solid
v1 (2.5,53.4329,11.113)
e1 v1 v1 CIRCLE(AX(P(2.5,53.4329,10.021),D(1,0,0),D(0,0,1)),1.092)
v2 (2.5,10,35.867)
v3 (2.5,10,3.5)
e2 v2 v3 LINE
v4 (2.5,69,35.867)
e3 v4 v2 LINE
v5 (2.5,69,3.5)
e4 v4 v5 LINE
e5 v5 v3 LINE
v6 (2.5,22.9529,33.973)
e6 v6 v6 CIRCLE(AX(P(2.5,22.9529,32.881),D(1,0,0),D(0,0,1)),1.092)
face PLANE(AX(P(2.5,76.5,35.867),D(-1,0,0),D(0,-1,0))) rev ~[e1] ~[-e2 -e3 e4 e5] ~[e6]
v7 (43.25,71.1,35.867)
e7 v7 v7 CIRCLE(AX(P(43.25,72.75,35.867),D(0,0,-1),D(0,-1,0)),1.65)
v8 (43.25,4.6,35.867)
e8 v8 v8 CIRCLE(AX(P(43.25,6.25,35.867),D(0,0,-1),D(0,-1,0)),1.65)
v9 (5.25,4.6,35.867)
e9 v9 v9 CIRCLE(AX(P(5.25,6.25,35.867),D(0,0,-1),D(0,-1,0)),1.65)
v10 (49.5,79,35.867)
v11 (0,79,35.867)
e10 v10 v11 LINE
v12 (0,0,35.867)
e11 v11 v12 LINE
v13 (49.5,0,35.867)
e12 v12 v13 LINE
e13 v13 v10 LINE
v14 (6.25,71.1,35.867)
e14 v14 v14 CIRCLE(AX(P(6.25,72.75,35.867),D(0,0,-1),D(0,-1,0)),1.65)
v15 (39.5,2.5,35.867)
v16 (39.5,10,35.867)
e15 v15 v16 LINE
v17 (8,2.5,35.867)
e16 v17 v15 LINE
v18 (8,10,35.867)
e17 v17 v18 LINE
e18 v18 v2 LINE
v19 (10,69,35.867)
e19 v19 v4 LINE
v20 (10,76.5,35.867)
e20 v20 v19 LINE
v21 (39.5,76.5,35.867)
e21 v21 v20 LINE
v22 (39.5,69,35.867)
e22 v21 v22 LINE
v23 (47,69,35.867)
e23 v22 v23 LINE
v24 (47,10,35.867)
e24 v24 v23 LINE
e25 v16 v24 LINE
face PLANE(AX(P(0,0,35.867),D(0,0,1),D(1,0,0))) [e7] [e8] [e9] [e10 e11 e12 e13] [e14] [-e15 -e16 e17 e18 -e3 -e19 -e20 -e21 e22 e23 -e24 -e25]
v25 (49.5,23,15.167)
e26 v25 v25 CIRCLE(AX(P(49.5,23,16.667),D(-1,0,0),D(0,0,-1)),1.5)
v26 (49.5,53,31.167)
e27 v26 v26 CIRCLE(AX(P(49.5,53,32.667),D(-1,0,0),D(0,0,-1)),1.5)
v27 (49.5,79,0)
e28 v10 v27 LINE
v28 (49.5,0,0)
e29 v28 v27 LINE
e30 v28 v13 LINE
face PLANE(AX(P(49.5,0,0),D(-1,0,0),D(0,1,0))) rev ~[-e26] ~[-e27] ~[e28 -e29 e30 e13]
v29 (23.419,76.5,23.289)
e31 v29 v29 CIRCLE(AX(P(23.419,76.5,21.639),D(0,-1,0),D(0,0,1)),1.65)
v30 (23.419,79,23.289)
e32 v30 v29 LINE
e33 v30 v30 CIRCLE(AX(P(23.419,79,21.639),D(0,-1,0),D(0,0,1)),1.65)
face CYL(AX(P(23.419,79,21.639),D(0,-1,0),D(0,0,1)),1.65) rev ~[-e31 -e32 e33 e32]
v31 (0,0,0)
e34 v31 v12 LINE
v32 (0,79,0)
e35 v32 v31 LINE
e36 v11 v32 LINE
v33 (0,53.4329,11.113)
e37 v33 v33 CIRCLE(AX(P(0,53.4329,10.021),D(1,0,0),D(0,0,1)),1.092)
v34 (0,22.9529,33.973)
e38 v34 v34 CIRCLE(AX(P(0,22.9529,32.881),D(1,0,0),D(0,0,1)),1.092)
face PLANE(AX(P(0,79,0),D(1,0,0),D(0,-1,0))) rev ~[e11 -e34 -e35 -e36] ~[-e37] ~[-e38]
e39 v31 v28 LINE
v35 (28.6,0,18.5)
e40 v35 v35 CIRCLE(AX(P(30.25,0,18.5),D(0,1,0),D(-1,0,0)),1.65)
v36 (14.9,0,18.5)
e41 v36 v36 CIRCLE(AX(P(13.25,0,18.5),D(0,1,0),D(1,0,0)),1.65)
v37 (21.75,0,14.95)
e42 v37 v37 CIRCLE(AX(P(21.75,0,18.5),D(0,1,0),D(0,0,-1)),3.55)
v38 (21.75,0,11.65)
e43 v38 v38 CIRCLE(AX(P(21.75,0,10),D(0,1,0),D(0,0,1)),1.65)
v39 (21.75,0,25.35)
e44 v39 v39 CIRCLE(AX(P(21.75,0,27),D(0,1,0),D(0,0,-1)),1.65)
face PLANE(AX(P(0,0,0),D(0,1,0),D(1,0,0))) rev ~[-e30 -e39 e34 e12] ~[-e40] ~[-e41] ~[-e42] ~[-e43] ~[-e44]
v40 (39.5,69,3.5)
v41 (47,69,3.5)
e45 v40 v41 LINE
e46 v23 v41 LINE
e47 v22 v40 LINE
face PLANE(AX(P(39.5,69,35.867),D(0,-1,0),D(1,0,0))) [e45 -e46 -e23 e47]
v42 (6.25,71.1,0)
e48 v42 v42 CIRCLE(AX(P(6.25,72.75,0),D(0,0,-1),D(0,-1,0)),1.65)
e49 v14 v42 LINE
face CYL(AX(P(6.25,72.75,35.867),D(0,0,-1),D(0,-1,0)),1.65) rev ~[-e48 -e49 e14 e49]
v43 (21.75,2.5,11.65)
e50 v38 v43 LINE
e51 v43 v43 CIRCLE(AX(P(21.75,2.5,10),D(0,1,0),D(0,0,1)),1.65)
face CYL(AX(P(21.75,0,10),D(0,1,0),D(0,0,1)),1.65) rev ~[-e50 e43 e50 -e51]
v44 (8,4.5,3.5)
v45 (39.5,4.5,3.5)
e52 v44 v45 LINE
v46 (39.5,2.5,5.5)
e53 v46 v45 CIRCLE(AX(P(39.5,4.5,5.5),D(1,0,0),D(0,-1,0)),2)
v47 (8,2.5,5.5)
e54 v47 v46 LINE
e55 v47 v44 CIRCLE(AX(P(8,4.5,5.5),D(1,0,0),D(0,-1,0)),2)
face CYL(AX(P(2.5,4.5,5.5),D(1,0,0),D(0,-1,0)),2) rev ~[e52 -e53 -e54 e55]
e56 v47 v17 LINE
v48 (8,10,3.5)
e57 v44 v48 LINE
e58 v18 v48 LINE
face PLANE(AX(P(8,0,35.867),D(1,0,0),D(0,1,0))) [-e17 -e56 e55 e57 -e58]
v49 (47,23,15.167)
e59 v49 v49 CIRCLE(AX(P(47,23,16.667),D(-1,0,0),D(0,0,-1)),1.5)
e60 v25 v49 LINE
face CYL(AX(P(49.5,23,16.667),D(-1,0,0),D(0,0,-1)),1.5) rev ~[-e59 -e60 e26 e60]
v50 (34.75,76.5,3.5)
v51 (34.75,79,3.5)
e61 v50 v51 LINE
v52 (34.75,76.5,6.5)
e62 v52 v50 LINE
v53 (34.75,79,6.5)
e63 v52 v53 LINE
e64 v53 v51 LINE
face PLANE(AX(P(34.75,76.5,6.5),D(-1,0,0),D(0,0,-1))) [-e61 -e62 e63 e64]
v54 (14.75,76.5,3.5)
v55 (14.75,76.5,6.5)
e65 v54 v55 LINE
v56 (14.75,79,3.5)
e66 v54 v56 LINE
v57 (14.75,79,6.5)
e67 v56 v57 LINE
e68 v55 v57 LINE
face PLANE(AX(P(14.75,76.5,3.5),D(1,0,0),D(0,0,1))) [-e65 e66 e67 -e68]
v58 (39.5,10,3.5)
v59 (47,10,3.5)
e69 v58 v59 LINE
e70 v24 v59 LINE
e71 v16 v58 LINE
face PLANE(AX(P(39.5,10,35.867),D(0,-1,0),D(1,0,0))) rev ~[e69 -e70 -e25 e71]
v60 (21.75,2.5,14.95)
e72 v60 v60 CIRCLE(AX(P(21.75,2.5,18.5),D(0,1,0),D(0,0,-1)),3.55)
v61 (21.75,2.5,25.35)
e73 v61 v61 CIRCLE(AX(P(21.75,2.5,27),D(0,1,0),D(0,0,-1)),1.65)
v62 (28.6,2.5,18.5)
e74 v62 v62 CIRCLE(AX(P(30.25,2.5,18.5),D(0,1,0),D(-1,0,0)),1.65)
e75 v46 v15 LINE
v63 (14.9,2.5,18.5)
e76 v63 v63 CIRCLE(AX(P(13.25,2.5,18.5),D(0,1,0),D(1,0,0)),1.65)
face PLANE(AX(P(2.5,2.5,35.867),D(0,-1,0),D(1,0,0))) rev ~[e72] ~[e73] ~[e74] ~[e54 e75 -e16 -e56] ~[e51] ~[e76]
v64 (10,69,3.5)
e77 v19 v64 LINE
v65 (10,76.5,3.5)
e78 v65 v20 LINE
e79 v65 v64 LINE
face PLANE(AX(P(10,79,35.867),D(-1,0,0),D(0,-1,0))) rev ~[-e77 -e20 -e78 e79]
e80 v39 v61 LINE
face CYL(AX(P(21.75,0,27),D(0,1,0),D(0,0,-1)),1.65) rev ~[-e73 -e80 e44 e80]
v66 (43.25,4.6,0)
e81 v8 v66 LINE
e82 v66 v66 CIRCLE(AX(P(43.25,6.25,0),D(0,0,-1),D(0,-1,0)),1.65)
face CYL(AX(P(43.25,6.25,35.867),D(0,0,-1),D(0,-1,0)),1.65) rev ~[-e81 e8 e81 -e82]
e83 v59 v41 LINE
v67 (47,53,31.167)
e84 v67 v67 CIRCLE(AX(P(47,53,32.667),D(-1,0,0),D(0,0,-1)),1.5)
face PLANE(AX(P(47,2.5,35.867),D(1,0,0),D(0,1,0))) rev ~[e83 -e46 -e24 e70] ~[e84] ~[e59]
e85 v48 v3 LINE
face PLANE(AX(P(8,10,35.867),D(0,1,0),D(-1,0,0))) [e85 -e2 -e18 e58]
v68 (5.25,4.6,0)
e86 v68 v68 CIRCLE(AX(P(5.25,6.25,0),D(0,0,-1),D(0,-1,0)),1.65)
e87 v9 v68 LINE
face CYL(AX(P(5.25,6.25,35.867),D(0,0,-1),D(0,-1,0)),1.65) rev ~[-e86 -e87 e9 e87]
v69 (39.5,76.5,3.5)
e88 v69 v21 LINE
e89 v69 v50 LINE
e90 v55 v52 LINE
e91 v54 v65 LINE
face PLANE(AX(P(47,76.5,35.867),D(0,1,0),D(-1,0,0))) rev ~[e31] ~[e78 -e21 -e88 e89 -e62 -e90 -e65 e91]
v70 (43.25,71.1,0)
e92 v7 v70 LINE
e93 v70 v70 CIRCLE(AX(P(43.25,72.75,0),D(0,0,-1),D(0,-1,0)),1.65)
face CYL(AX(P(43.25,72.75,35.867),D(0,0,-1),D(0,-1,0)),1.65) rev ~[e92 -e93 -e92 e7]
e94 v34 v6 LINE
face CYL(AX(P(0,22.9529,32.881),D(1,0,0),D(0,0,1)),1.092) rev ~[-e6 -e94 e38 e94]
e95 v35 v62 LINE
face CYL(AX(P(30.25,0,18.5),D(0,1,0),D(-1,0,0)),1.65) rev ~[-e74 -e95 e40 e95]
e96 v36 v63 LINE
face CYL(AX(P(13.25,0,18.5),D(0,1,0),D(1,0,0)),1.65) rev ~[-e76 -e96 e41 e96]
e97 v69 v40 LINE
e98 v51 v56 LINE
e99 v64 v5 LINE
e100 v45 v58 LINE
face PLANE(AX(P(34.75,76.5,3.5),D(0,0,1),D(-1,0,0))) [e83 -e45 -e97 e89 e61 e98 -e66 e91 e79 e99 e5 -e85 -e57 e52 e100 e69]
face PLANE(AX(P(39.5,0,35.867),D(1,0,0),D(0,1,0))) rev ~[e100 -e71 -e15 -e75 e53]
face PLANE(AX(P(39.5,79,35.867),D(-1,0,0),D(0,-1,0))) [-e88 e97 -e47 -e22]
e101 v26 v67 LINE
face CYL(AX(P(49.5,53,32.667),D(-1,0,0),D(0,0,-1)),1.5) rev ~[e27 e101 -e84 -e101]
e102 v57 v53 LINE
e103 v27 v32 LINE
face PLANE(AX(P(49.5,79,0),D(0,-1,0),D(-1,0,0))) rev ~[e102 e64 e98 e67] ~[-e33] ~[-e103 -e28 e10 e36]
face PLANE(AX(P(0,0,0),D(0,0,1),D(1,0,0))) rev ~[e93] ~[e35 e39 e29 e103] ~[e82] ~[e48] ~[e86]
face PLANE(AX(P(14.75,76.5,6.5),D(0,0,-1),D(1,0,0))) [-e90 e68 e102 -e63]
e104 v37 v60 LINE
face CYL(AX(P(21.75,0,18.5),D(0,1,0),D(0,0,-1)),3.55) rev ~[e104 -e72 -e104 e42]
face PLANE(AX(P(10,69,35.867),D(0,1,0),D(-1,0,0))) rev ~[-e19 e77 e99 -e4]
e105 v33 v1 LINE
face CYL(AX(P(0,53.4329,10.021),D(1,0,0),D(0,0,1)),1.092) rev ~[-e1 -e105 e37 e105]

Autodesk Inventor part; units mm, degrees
ref_plane "YZ Plane" through (0, 0, 0) normal (1, 0, 0) x (0, 1, 0)
ref_plane "XZ Plane" through (0, 0, 0) normal (0, 1, 0) x (-1, 0, 0)
ref_plane "XY Plane" through (0, 0, 0) normal (0, 0, 1) x (1, 0, 0)
sketch "Sketch1" plane through (0, 0, 0) normal (0, 0, 1) x (1, 0, 0)
  line L0 (0, 0) -> (49.5, 0)
  line L1 (49.5, 0) -> (49.5, 79)
  line L2 (49.5, 79) -> (0, 79)
  line L3 (0, 79) -> (0, 0)
  dimension "d0" = 49.5
  dimension "d1" = 79
extrude "Extrusion1" add sketch "Sketch1" along normal blind 35.867
sketch "Sketch2" plane through (0, 0, 35.867) normal (0, 0, 1) x (1, 0, 0)
  line L0 (0, 79) -> (0, 0) construction
  line L1 (49.5, 79) -> (0, 79) construction
  line L2 (49.5, 0) -> (49.5, 79) construction
  line L3 (0, 0) -> (49.5, 0) construction
  line L4 (2.5, 2.5) -> (47, 2.5)
  line L5 (47, 2.5) -> (47, 76.5)
  line L6 (47, 76.5) -> (2.5, 76.5)
  line L7 (2.5, 76.5) -> (2.5, 2.5)
  dimension "d4" = 2.5
  dimension "d5" = 2.5
  dimension "d6" = 2.5
  dimension "d7" = 2.5
extrude "Extrusion2" cut sketch "Sketch2" against normal blind 32.367
sketch "Sketch3" plane through (0, 0, 0) normal (0, -1, 0) x (1, 0, 0)
  line L0 (0, 0) -> (49.5, 0) construction
  line L1 (49.5, 0) -> (49.5, 35.867) construction
  line L2 (0, 35.867) -> (49.5, 35.867) construction
  line L3 (0, 0) -> (0, 35.867) construction
  point P0 (21.75, 18.5)
  point P1 (24.75, 35.867)
  dimension "d12" = 17.367
  dimension "d31" = 21.75
hole "Hole1" at (21.75, 0, 18.5) direction (0, 1, 0) diameter 7.1 depth 2.5
sketch "Sketch4" plane through (0, 0, 0) normal (0, -1, 0) x (1, 0, 0)
  circle A0 centre (21.75, 18.5) radius 3.55 construction
  line L0 (0, 0) -> (49.5, 0) construction
  line L1 (49.5, 0) -> (49.5, 35.867) construction
  line L2 (0, 35.867) -> (49.5, 35.867) construction
  line L3 (0, 0) -> (0, 35.867) construction
  point P0 (21.75, 27)
  dimension "d20" = 8.5
hole "Hole2" at (21.75, 0, 27) direction (0, 1, 0) diameter 3.3 depth 2.5
pattern_circular "Circular Pattern1" count 4 over 360 about axis through (21.75, 99.8884, 18.5) along (0, -1, 0) of "Hole2"
sketch "Sketch5" plane through (0, 0, 0) normal (-1, 0, 0) x (0, 0, 1)
  line L0 (35.867, 79) -> (35.867, 0) projected
  line L1 (0, 0) -> (35.867, 0) projected
  point P0 (32.881, 22.9529)
  point P1 (10.021, 53.4329)
  dimension "d32" = 2.986
  dimension "d33" = 30.48
  dimension "d34" = 22.86
  dimension "d35" = 22.9529
hole "Hole3" at (0, 22.9529, 32.881) at (0, 53.4329, 10.021) direction (1, 0, 0) diameter 2.184 depth 2.5
fillet "Fillet3" radius 2 3 edges at (24.75, 2.5, 3.5) (47, 2.5, 19.6835) (2.5, 2.5, 19.6835)
sketch "Sketch6" plane through (49.5, 0, 0) normal (1, 0, 0) x (0, 0, -1)
  line L0 (-35.867, 0) -> (-35.867, 79) projected
  line L1 (0, 79) -> (-35.867, 79) projected
  point P0 (0, 0)
  point P1 (-16.667, 23)
  point P2 (-32.667, 53)
  dimension "d44" = 30
  dimension "d47" = 26
  dimension "d55" = 3.2
  dimension "d56" = 16
hole "Hole4" at (49.5, 23, 16.667) at (49.5, 53, 32.667) direction (-1, 0, 0) diameter 3 depth 2.5
sketch "Sketch7" plane through (0, 0, 35.867) normal (0, 0, 1) x (1, 0, 0)
  line L0 (49.5, 0) -> (39.5, 0)
  line L1 (39.5, 0) -> (39.5, 10)
  line L2 (39.5, 10) -> (49.5, 10)
  line L3 (49.5, 10) -> (49.5, 0)
  line L4 (0, 0) -> (8, 0)
  line L5 (8, 0) -> (8, 10)
  line L6 (8, 10) -> (0, 10)
  line L7 (0, 10) -> (0, 0)
  line L8 (0, 79) -> (10, 79)
  line L9 (10, 79) -> (10, 69)
  line L10 (10, 69) -> (0, 69)
  line L11 (0, 69) -> (0, 79)
  line L12 (49.5, 79) -> (39.5, 79)
  line L13 (39.5, 79) -> (39.5, 69)
  line L14 (39.5, 69) -> (49.5, 69)
  line L15 (49.5, 69) -> (49.5, 79)
  line L16 (49.5, 79) -> (0, 79) projected
  line L17 (49.5, 0) -> (49.5, 79) projected
  point P0 (4, 0)
  point P1 (44.5, 0)
  point P2 (5, 79)
  point P3 (44.5, 79)
  point P4 (49.5, 74)
  point P5 (49.5, 5)
  point P6 (0, 74)
  point P7 (0, 5)
  point P8 (24.75, 79)
  point P9 (49.5, 39.5)
  dimension "d57" = 10
  dimension "d58" = 8
  dimension "d59" = 10
  dimension "d60" = 10
  dimension "d61" = 10
  dimension "d62" = 10
  dimension "d63" = 10
  dimension "d64" = 10
extrude "Extrusion3" add sketch "Sketch7" against normal up to surface (32.367 mm away)
sketch "Sketch8" plane through (0, 0, 35.867) normal (0, 0, 1) x (1, 0, 0)
  line L0 (39.5, 2.5) -> (8, 2.5) construction
  line L1 (8, 2.5) -> (8, 10) construction
  line L2 (8, 10) -> (2.5, 10) construction
  line L3 (2.5, 10) -> (2.5, 69) construction
  line L4 (2.5, 69) -> (10, 69) construction
  line L5 (10, 69) -> (10, 76.5) construction
  line L6 (10, 76.5) -> (39.5, 76.5) construction
  line L7 (39.5, 76.5) -> (39.5, 69) construction
  line L8 (39.5, 69) -> (47, 69) construction
  line L9 (47, 69) -> (47, 10) construction
  line L10 (47, 10) -> (39.5, 10) construction
  line L11 (39.5, 10) -> (39.5, 2.5) construction
  line L12 (49.5, 79) -> (0, 79) construction
  line L13 (0, 79) -> (0, 0) construction
  line L14 (0, 0) -> (49.5, 0) construction
  line L15 (49.5, 0) -> (49.5, 79) construction
  point P0 (5.25, 6.25)
  point P1 (43.25, 6.25)
  point P2 (43.25, 72.75)
  point P3 (6.25, 72.75)
  point P4 (5.25, 10)
  point P5 (8, 6.25)
  point P6 (39.5, 6.25)
  point P7 (39.5, 72.75)
  point P8 (10, 72.75)
  point P9 (6.25, 69)
  point P10 (43.25, 69)
  point P11 (43.25, 10)
hole "Hole5" at (5.25, 6.25, 35.867) at (43.25, 6.25, 35.867) at (43.25, 72.75, 35.867) at (6.25, 72.75, 35.867) direction (0, 0, -1) diameter 3.3 end through all
sketch "Sketch9" plane through (0, 79, 0) normal (0, 1, 0) x (1, 0, 0)
  line L0 (49.5, -35.867) -> (0, -35.867) projected
  point P0 (0, 0)
  point P1 (23.419, -21.639)
  point P2 (24.75, -35.867)
  point P3 (10, -35.867)
  dimension "d75" = 14.228
  dimension "d87" = 13.419
hole "Hole6" at (23.419, 79, 21.639) direction (0, -1, 0) diameter 3.3 depth 2.5
sketch "Sketch10" plane through (10, 76.5, 35.867) normal (0, -1, 0) x (1, 0, 0)
  line L0 (0, -32.367) -> (29.5, -32.367) construction
  circle A0 centre (13.419, -14.228) radius 1.65 construction
  line L1 (0, 0) -> (0, -32.367) construction
  line L2 (0, -32.367) -> (29.5, -32.367) construction
  line L3 (29.5, -32.367) -> (29.5, 0) construction
  line L4 (0, 0) -> (29.5, 0) construction
  line L5 (24.75, -32.367) -> (4.75, -32.367)
  line L6 (4.75, -32.367) -> (4.75, -29.367)
  line L7 (4.75, -29.367) -> (24.75, -29.367)
  line L8 (24.75, -29.367) -> (24.75, -32.367)
  point P0 (-10, -35.867)
  point P1 (14.75, -29.367)
  point P2 (14.75, 0)
  dimension "d83" = 20
  dimension "d84" = 3
extrude "Extrusion4" cut sketch "Sketch10" against normal through all
properties part number "Parte de abajo contenedor"
